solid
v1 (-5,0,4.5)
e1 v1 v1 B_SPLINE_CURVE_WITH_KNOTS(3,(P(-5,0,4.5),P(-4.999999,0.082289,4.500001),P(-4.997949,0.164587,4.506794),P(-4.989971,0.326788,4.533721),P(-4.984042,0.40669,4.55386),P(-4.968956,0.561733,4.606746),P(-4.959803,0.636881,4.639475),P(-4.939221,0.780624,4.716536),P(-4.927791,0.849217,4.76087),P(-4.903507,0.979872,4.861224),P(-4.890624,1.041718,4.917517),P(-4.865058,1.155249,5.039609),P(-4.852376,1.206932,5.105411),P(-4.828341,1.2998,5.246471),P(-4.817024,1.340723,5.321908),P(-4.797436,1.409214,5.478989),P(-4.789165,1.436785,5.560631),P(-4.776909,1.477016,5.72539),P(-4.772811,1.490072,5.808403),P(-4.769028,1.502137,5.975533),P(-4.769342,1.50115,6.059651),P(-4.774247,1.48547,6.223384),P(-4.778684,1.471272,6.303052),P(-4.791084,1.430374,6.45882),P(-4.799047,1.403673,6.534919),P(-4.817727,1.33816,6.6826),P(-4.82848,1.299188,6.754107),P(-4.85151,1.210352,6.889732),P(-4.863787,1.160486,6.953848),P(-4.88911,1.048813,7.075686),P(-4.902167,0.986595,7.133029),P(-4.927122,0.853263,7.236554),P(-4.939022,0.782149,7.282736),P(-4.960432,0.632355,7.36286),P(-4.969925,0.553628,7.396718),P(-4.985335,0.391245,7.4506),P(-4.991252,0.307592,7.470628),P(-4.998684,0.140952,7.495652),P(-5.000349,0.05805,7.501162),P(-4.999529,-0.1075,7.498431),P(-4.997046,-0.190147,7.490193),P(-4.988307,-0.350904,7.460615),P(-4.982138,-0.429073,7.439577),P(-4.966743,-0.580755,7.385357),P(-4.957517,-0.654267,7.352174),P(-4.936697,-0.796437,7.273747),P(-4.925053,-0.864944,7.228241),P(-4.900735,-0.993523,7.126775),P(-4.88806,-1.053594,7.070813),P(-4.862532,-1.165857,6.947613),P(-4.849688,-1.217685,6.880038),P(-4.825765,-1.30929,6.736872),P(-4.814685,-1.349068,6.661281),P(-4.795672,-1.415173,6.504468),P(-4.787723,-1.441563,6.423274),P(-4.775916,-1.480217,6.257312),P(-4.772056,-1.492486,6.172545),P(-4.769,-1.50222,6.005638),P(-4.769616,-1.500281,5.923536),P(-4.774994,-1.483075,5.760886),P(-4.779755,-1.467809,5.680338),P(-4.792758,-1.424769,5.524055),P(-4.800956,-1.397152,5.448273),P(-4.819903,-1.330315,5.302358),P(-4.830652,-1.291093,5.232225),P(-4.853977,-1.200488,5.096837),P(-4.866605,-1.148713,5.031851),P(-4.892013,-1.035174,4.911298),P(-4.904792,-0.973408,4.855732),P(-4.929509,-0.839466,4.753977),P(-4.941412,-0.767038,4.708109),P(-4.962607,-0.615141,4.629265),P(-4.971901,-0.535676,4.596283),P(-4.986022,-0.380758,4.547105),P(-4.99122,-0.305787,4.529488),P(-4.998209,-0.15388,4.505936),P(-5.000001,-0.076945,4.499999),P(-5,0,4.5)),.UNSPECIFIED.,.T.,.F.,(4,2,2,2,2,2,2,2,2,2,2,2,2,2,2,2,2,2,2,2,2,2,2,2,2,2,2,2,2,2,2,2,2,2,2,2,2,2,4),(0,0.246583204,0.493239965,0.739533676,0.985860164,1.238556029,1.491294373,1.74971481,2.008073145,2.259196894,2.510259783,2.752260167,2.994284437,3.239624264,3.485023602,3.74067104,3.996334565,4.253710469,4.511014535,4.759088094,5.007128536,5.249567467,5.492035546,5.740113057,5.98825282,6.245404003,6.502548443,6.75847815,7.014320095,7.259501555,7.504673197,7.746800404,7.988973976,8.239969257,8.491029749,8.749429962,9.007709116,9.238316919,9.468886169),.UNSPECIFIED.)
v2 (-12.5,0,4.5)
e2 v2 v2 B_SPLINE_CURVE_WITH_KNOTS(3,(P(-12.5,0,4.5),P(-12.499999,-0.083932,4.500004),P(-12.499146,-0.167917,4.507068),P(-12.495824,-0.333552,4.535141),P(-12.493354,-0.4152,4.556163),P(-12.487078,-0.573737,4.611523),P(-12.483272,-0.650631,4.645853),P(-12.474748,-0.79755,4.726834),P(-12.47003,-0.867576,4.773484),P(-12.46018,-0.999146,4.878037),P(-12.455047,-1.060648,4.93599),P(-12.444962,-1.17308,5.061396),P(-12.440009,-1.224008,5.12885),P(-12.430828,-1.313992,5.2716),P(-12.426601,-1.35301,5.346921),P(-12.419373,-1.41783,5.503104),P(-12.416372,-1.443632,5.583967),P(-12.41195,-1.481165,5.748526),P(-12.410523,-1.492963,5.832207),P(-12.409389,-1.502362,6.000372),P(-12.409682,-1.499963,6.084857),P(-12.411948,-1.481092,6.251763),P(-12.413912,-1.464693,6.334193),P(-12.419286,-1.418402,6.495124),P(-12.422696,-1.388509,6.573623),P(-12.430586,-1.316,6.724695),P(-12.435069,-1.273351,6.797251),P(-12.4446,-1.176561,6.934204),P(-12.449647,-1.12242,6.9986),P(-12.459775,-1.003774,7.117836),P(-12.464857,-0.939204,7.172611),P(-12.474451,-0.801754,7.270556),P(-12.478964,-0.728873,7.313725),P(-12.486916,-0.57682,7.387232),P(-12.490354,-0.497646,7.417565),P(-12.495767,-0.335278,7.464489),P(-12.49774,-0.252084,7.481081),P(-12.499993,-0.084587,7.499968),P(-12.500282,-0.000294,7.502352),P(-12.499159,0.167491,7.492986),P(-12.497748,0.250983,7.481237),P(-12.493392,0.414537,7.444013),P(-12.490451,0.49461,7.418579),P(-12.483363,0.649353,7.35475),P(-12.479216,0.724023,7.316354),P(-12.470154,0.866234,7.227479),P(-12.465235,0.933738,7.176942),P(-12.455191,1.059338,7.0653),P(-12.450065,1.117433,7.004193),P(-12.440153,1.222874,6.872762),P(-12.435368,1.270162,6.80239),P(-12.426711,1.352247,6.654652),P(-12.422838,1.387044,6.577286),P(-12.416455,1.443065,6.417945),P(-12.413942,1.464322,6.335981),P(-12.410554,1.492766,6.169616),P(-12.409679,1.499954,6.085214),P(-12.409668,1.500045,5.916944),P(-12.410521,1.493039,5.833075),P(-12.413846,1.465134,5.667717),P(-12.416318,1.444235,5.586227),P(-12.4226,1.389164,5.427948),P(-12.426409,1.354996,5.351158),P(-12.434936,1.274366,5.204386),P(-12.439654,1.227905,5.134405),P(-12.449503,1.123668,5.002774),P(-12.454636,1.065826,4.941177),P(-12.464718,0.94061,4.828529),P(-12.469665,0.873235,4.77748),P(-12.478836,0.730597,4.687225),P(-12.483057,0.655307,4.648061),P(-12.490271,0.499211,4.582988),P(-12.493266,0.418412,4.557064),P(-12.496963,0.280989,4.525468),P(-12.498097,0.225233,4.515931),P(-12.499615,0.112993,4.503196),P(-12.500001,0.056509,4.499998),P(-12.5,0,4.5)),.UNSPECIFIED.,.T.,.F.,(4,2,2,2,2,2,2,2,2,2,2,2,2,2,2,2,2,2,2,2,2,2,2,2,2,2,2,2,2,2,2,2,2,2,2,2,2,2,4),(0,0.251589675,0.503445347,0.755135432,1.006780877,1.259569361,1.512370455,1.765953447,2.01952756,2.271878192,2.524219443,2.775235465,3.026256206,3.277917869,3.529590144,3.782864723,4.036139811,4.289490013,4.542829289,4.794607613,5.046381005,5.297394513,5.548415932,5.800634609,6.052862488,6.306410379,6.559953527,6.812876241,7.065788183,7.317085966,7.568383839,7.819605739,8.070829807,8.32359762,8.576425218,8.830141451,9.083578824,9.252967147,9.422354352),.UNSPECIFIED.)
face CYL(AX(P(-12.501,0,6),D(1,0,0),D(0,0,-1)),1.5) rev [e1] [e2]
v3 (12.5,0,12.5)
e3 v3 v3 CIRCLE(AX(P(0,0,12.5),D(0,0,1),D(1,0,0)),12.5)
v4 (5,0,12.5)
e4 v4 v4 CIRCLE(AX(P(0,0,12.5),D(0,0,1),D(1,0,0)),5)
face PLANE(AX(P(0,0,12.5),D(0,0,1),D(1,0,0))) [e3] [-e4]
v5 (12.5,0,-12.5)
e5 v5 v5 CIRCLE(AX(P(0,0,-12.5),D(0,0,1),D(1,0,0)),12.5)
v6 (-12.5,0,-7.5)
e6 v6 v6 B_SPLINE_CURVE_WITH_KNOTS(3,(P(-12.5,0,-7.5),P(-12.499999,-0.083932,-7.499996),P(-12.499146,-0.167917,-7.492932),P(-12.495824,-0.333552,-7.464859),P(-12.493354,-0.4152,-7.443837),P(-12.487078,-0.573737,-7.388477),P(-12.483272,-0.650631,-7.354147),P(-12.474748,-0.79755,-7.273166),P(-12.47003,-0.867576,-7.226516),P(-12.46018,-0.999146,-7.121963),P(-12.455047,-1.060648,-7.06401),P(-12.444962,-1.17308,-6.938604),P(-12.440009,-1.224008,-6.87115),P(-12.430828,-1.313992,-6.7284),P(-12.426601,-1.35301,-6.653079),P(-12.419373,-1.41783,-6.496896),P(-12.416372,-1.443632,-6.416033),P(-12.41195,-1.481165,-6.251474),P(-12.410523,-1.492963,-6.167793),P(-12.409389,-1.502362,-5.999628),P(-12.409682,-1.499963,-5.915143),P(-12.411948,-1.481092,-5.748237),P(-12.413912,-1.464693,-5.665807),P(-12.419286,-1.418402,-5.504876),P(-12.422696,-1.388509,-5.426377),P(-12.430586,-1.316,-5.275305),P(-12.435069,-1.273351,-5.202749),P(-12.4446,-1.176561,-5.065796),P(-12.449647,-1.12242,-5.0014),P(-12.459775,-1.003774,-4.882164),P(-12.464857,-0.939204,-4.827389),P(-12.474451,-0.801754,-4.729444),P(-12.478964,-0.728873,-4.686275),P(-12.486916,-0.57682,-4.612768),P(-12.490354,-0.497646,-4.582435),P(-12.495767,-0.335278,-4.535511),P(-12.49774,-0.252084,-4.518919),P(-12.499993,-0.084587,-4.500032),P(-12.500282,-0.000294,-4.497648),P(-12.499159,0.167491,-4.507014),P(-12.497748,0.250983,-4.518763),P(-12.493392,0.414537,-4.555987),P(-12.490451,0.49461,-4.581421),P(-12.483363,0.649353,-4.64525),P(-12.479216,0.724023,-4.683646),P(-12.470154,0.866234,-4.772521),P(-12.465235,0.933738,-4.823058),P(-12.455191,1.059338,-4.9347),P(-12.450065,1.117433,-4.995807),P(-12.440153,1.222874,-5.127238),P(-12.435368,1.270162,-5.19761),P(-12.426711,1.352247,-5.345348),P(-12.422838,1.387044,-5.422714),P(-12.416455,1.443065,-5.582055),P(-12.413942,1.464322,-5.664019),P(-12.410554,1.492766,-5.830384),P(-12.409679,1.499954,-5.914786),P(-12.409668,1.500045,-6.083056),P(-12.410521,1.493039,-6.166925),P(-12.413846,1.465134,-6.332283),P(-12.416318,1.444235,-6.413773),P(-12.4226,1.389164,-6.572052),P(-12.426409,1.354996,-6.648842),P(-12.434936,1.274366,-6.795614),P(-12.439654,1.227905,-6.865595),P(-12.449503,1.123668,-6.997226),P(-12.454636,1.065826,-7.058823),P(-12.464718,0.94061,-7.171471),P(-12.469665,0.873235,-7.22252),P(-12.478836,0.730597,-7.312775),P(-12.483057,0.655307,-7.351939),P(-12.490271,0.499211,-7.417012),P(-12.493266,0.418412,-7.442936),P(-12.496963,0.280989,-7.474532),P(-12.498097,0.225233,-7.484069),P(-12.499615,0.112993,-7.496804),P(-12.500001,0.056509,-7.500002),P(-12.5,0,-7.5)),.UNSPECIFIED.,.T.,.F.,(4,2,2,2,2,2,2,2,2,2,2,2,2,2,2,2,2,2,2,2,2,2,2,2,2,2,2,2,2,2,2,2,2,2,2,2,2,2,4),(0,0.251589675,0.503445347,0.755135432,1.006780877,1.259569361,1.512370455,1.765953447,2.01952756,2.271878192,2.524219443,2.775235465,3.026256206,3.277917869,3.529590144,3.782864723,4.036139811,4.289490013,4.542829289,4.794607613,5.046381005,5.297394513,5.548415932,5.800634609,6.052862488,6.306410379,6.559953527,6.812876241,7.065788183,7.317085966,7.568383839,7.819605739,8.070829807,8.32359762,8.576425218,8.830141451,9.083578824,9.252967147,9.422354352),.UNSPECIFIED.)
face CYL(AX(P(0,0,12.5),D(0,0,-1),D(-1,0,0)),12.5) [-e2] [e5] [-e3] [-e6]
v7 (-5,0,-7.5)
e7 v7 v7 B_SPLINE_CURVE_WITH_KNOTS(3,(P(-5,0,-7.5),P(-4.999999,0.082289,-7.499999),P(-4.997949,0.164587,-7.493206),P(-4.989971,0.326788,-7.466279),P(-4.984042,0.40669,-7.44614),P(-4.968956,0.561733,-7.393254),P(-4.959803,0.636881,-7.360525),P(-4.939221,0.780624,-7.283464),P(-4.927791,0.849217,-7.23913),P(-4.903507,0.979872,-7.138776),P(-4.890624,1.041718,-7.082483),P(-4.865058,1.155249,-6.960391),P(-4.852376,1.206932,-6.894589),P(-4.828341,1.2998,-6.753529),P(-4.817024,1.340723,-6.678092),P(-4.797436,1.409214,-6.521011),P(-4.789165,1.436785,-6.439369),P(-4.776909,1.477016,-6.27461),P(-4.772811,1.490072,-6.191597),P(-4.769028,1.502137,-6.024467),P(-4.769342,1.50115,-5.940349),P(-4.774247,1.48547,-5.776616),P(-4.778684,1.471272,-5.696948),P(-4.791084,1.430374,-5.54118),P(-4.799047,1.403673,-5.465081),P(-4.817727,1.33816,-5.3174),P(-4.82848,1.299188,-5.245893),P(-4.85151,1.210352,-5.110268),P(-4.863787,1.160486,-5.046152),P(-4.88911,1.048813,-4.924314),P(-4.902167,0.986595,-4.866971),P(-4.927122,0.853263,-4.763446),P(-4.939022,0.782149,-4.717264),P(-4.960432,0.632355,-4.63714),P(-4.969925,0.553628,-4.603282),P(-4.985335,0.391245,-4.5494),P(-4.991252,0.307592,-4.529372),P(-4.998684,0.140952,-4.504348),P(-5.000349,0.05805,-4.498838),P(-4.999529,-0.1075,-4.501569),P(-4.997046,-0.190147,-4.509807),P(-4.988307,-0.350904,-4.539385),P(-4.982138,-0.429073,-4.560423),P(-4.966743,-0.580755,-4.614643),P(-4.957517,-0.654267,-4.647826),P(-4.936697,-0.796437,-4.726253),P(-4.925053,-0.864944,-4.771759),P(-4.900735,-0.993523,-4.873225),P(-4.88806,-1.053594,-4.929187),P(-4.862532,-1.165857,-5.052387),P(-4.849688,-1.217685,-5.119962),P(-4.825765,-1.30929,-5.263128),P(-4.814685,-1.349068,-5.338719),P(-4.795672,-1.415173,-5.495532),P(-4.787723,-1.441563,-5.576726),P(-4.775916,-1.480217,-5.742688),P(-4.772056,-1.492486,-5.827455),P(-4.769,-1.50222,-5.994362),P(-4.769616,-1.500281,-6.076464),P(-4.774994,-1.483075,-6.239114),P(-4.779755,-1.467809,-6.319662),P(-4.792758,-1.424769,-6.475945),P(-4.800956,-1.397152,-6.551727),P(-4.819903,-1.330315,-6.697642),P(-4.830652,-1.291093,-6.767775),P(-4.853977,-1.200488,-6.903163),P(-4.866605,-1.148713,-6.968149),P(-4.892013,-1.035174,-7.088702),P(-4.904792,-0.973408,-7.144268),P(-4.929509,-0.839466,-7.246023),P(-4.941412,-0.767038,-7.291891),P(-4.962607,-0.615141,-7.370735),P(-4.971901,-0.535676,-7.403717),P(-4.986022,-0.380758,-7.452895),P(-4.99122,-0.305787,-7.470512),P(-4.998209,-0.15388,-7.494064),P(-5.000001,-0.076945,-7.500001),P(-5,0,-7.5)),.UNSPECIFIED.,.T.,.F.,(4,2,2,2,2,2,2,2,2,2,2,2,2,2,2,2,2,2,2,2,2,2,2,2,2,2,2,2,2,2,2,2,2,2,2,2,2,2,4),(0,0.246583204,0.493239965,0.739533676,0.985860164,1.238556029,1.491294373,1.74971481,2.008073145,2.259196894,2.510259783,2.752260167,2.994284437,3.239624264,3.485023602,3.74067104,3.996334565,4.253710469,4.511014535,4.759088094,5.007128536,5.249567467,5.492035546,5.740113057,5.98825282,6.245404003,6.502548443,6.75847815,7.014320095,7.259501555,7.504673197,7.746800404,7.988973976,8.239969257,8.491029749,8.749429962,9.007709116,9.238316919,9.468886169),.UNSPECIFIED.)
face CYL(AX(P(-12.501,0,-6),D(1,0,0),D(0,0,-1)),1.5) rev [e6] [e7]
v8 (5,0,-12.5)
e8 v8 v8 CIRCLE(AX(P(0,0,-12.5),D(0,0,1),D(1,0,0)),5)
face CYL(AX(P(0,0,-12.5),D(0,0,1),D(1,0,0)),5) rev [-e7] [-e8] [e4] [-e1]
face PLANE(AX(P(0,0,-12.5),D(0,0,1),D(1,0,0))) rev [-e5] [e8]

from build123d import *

# Parameters (mm, degrees)
CROQUIS1_R              = 12.5
SALIENTE_EXTRUIR1_DEPTH = 12.5
CROQUIS2_R              = 5
CORTAR_EXTRUIR1_DEPTH   = 25
CORTAR_EXTRUIR2_REACH   = 14.5
CROQUIS3_R              = 1.5


with BuildPart() as part:
    # Croquis1 → Saliente-Extruir1 (new body, symmetric)
    with BuildSketch(Plane.XY):
        Circle(CROQUIS1_R)
    extrude(amount=SALIENTE_EXTRUIR1_DEPTH, both=True)

    # Croquis2 → Cortar-Extruir1 (cut)
    with BuildSketch(Plane.XY.offset(12.5)):
        Circle(CROQUIS2_R)
    extrude(amount=-CORTAR_EXTRUIR1_DEPTH, mode=Mode.SUBTRACT)

    # Croquis3 → Cortar-Extruir2 (cut, up to next)
    with BuildSketch(Plane(origin=(0, 0, 0), x_dir=(0, 0, -1), z_dir=(1, 0, 0)), mode=Mode.PRIVATE) as cortar_extruir2_sk1:
        with Locations((-6, 0)):
            Circle(CROQUIS3_R)
    cortar_extruir2_tool1 = extrude(cortar_extruir2_sk1.sketch, amount=-CORTAR_EXTRUIR2_REACH, mode=Mode.PRIVATE) & part.part
    add(cortar_extruir2_tool1.solids().sort_by_distance((0, 0, 6))[0], mode=Mode.SUBTRACT)
    # Croquis3 → Cortar-Extruir2 (cut, up to next)
    with BuildSketch(Plane(origin=(0, 0, 0), x_dir=(0, 0, -1), z_dir=(1, 0, 0)), mode=Mode.PRIVATE) as cortar_extruir2_sk2:
        with Locations((6, 0)):
            Circle(CROQUIS3_R)
    cortar_extruir2_tool2 = extrude(cortar_extruir2_sk2.sketch, amount=-CORTAR_EXTRUIR2_REACH, mode=Mode.PRIVATE) & part.part
    add(cortar_extruir2_tool2.solids().sort_by_distance((0, 0, -6))[0], mode=Mode.SUBTRACT)


solid = part.part
